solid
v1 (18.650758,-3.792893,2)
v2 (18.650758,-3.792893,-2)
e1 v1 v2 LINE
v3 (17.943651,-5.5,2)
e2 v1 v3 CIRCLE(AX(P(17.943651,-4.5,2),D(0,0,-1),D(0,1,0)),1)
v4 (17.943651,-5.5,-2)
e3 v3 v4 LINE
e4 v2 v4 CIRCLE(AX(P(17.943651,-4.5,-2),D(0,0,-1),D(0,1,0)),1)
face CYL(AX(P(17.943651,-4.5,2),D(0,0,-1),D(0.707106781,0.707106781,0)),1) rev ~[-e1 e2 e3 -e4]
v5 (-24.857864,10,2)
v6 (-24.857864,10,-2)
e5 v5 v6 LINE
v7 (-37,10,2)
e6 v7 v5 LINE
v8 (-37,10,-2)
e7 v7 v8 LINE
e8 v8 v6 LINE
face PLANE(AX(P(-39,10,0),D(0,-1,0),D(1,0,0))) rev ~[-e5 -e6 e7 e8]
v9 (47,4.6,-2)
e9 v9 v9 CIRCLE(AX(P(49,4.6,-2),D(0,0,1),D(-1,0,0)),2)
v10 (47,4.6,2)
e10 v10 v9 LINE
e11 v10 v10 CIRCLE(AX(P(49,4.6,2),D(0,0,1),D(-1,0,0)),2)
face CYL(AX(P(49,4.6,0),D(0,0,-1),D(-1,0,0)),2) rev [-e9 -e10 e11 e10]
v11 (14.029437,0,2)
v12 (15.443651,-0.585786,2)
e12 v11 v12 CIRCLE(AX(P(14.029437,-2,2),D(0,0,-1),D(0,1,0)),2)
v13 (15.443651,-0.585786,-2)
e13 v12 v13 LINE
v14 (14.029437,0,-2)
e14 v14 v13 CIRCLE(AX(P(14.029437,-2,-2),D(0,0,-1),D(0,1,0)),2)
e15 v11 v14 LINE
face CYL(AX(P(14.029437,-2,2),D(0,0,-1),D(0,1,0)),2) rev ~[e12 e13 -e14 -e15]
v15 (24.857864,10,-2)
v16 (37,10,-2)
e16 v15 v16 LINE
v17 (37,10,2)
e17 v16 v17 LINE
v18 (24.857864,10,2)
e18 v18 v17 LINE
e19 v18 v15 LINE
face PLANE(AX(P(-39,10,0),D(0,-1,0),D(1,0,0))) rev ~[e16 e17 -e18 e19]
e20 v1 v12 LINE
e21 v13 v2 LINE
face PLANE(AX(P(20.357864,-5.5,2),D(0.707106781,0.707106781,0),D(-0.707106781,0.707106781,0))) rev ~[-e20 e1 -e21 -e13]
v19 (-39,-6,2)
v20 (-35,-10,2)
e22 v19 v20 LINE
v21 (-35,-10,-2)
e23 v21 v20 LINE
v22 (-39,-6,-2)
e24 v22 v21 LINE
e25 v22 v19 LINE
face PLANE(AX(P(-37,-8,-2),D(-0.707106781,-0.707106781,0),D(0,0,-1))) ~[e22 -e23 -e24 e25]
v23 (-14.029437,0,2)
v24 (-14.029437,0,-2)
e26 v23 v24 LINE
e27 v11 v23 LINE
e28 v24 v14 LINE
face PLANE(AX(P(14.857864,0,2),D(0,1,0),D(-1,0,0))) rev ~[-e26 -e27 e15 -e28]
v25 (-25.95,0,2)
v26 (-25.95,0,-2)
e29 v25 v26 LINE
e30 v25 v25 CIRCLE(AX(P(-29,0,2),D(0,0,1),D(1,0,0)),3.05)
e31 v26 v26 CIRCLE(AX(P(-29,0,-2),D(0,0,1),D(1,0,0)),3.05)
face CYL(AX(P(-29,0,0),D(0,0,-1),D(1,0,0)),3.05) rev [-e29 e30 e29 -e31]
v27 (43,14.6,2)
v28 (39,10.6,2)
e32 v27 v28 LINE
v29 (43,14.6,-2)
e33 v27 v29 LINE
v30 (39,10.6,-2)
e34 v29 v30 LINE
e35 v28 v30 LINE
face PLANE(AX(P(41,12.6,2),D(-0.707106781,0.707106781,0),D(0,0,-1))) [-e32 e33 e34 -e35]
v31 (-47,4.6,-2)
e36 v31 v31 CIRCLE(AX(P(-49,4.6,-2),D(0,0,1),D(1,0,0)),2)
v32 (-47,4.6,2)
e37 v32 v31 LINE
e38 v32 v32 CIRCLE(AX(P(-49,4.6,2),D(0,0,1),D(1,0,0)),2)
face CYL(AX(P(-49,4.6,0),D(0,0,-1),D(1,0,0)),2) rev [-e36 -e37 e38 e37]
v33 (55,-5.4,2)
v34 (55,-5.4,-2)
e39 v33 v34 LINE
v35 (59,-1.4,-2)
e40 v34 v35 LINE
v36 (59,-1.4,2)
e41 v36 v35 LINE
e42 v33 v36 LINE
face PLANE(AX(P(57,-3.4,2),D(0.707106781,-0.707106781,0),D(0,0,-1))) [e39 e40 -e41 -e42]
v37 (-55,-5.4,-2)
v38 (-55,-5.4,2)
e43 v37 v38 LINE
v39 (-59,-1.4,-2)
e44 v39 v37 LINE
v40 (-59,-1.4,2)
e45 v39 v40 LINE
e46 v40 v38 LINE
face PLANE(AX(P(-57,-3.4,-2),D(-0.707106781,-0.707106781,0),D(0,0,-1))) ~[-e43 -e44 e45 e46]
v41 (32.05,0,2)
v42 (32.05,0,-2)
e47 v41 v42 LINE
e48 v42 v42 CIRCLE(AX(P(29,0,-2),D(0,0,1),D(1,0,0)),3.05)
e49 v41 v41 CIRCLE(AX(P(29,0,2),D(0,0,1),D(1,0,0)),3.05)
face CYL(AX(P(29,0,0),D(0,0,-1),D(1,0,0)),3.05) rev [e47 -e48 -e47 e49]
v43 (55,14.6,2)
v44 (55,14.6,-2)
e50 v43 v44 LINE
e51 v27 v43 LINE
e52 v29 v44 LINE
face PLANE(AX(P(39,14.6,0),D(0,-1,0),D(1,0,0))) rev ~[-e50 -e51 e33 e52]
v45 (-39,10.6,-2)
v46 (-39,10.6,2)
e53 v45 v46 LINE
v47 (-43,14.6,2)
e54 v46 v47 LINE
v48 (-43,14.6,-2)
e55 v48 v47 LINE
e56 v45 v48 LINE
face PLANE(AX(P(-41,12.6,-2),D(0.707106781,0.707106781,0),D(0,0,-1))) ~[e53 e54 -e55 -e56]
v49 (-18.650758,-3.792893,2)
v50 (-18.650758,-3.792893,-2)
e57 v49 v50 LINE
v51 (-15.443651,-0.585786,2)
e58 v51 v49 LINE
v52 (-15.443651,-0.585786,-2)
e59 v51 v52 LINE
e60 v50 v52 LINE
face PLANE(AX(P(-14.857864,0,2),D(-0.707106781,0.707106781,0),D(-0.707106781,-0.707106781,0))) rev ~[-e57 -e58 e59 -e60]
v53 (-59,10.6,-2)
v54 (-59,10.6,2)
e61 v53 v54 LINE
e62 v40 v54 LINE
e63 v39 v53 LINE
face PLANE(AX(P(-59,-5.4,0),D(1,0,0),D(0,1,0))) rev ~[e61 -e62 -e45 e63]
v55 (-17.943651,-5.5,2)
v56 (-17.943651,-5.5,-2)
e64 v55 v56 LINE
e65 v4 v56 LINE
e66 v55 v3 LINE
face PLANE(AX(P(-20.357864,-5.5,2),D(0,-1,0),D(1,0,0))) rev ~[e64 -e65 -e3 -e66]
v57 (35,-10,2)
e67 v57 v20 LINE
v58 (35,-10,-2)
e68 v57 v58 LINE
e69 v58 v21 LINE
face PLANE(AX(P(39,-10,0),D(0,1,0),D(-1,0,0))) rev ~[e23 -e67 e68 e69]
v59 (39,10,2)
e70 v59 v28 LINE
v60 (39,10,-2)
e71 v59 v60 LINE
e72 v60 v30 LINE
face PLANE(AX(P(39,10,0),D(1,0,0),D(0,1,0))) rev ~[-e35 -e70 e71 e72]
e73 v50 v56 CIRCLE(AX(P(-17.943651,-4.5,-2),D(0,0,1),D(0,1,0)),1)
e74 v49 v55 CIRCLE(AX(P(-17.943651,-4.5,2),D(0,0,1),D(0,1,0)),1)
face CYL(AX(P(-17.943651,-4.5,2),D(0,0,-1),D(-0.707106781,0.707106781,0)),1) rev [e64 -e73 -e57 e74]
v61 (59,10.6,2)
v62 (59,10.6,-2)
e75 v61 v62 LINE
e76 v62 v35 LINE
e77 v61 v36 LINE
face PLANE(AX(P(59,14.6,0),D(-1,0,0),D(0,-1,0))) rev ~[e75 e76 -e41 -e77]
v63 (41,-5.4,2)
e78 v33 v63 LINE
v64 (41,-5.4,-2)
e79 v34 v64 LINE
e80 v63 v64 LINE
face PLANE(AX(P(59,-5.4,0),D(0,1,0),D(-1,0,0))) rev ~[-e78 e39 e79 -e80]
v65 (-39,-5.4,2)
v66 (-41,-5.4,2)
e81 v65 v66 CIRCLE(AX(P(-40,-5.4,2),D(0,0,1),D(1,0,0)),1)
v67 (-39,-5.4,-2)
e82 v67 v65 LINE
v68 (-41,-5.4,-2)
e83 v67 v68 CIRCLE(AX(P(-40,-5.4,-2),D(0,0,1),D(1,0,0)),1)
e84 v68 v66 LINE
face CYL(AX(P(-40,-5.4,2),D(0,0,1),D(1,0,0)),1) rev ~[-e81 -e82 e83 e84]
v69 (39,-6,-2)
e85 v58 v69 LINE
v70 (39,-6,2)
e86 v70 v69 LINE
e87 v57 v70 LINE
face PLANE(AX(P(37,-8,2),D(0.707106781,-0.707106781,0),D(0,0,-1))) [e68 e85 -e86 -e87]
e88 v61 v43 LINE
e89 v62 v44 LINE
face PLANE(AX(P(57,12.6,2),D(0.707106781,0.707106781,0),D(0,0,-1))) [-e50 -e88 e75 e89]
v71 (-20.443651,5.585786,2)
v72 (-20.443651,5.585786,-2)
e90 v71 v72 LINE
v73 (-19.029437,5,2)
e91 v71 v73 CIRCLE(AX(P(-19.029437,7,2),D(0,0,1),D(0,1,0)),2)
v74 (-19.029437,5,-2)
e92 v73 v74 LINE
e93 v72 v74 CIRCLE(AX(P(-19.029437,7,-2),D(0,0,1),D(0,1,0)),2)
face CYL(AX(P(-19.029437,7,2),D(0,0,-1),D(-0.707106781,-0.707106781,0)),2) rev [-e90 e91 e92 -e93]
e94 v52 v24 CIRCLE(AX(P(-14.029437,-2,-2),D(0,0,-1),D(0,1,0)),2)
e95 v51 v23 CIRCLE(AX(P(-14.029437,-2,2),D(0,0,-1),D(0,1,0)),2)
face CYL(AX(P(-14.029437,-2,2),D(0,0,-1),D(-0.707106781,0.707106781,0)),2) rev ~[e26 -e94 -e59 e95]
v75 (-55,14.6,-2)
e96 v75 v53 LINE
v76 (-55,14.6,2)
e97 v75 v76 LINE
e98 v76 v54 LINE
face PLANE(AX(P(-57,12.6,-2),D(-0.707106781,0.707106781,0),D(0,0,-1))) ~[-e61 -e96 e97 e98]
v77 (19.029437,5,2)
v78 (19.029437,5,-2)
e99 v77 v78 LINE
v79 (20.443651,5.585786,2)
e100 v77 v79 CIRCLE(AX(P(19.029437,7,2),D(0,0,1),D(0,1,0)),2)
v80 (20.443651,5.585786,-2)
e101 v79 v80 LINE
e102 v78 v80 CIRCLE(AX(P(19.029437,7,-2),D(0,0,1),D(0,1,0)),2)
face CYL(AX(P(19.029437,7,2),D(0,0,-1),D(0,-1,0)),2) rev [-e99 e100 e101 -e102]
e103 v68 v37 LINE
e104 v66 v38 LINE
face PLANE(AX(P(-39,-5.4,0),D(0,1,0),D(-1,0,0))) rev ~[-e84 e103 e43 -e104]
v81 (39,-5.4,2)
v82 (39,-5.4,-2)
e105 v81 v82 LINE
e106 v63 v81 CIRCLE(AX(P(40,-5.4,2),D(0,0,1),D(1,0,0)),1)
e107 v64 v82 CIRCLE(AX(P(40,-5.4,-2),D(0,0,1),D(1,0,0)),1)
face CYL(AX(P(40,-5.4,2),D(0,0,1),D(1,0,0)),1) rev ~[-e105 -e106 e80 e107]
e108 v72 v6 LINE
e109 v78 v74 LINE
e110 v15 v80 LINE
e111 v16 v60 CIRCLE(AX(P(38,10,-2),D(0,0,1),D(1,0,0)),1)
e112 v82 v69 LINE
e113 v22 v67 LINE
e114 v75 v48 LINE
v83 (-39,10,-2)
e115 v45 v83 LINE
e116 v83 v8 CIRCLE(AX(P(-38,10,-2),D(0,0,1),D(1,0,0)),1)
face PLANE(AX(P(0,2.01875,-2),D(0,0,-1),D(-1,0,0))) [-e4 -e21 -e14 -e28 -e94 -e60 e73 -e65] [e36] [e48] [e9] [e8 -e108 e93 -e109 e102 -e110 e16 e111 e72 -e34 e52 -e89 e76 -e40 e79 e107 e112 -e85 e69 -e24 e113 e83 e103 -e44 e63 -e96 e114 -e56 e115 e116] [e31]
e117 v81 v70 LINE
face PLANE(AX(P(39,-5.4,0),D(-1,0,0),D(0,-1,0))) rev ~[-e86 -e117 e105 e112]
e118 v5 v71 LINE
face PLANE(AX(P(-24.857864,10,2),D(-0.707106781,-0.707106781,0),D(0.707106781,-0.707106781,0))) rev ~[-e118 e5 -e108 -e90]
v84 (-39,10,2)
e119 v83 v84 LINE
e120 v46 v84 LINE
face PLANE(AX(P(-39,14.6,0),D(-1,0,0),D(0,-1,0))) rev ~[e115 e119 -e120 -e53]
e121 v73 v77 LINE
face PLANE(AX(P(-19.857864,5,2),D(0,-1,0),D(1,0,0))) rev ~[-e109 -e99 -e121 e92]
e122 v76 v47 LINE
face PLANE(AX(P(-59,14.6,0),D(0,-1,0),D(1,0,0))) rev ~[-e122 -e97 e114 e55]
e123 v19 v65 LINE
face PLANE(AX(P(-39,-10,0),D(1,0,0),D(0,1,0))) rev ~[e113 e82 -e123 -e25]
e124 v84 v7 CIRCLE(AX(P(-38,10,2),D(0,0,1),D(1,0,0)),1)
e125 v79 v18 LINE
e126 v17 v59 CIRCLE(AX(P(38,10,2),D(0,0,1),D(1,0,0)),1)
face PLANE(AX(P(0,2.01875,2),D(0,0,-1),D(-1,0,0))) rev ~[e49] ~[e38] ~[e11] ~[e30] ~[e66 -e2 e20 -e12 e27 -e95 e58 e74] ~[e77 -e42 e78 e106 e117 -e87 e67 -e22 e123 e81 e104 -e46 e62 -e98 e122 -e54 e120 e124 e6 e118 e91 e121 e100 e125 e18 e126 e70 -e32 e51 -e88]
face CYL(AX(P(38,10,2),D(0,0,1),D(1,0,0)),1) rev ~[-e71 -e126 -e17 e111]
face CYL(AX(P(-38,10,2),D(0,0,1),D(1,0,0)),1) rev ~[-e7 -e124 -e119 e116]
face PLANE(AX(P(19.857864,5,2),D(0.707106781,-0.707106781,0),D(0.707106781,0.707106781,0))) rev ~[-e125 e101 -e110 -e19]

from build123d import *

# Parameters (mm, degrees)
SKETCH_1_R          = 3.05
SKETCH_1_R_2        = 2
EXTRUDE_1_DEPTH     = 2
SKETCH_2_R          = 1
CUT_EXTRUDE_1_DEPTH = 61.911082735
CHAMFER_1_SIZE      = 4
CUT_EXTRUDE_2_DEPTH = 61.911082735
FILLET_1_R          = 1
FILLET_2_R          = 2


with BuildPart() as part:
    # 草图1 → 凸台-拉伸1 (new, symmetric)
    with BuildSketch(Plane.XY):
        Polygon((-39, 10), (39, 10), (39, 14.6), (59, 14.6), (59, -5.4), (39, -5.4), (39, -10), (-39, -10), (-39, -5.4), (-59, -5.4), (-59, 14.6), (-39, 14.6), align=None)
        with Locations((-29, 0)):
            Circle(SKETCH_1_R, mode=Mode.SUBTRACT)
        with Locations((29, 0)):
            Circle(SKETCH_1_R, mode=Mode.SUBTRACT)
        with Locations((-49, 4.6)):
            Circle(SKETCH_1_R_2, mode=Mode.SUBTRACT)
        with Locations(Location((49, 4.6, 0), (0, 0, 180))):
            Circle(SKETCH_1_R_2, mode=Mode.SUBTRACT)
    extrude(amount=EXTRUDE_1_DEPTH, both=True)

    # 草图2 → 切除-拉伸1 (cut, through all)
    with BuildSketch(Plane.XY.offset(2)):
        with Locations((-38, 10)):
            Circle(SKETCH_2_R)
        with Locations((-40, -5.4)):
            Circle(SKETCH_2_R)
        with Locations((38, 10)):
            Circle(SKETCH_2_R)
        with Locations((40, -5.4)):
            Circle(SKETCH_2_R)
        Polygon((-24.857864376, 10), (-19.857864376, 5), (19.857864376, 5), (24.857864376, 10), align=None)
    extrude(amount=-CUT_EXTRUDE_1_DEPTH, mode=Mode.SUBTRACT)

    # 倒角1
    chamfer_1_edges = [part.edges().sort_by_distance(p)[0] for p in [
        (39, 14.6, 0),
        (59, 14.6, 0),
        (59, -5.4, 0),
        (39, -10, 0),
        (-39, -10, 0),
        (-59, -5.4, 0),
        (-59, 14.6, 0),
        (-39, 14.6, 0),
    ]]
    chamfer(chamfer_1_edges, length=CHAMFER_1_SIZE)

    # 草图3 → 切除-拉伸2 (cut, through all)
    with BuildSketch(Plane.XY.offset(2)):
        Polygon((-14.857864376, 0), (-20.357864376, -5.5), (20.357864376, -5.5), (14.857864376, 0), align=None)
    extrude(amount=-CUT_EXTRUDE_2_DEPTH, mode=Mode.SUBTRACT)

    # 圆角1
    fillet_1_edges = [part.edges().sort_by_distance(p)[0] for p in [
        (20.357864376, -5.5, 0),
        (-20.357864376, -5.5, 0),
    ]]
    fillet(fillet_1_edges, radius=FILLET_1_R)

    # 圆角2
    fillet_2_edges = [part.edges().sort_by_distance(p)[0] for p in [
        (-14.857864376, 0, 0),
        (14.857864376, 0, 0),
        (19.857864376, 5, 0),
        (-19.857864376, 5, 0),
    ]]
    fillet(fillet_2_edges, radius=FILLET_2_R)


solid = part.part
